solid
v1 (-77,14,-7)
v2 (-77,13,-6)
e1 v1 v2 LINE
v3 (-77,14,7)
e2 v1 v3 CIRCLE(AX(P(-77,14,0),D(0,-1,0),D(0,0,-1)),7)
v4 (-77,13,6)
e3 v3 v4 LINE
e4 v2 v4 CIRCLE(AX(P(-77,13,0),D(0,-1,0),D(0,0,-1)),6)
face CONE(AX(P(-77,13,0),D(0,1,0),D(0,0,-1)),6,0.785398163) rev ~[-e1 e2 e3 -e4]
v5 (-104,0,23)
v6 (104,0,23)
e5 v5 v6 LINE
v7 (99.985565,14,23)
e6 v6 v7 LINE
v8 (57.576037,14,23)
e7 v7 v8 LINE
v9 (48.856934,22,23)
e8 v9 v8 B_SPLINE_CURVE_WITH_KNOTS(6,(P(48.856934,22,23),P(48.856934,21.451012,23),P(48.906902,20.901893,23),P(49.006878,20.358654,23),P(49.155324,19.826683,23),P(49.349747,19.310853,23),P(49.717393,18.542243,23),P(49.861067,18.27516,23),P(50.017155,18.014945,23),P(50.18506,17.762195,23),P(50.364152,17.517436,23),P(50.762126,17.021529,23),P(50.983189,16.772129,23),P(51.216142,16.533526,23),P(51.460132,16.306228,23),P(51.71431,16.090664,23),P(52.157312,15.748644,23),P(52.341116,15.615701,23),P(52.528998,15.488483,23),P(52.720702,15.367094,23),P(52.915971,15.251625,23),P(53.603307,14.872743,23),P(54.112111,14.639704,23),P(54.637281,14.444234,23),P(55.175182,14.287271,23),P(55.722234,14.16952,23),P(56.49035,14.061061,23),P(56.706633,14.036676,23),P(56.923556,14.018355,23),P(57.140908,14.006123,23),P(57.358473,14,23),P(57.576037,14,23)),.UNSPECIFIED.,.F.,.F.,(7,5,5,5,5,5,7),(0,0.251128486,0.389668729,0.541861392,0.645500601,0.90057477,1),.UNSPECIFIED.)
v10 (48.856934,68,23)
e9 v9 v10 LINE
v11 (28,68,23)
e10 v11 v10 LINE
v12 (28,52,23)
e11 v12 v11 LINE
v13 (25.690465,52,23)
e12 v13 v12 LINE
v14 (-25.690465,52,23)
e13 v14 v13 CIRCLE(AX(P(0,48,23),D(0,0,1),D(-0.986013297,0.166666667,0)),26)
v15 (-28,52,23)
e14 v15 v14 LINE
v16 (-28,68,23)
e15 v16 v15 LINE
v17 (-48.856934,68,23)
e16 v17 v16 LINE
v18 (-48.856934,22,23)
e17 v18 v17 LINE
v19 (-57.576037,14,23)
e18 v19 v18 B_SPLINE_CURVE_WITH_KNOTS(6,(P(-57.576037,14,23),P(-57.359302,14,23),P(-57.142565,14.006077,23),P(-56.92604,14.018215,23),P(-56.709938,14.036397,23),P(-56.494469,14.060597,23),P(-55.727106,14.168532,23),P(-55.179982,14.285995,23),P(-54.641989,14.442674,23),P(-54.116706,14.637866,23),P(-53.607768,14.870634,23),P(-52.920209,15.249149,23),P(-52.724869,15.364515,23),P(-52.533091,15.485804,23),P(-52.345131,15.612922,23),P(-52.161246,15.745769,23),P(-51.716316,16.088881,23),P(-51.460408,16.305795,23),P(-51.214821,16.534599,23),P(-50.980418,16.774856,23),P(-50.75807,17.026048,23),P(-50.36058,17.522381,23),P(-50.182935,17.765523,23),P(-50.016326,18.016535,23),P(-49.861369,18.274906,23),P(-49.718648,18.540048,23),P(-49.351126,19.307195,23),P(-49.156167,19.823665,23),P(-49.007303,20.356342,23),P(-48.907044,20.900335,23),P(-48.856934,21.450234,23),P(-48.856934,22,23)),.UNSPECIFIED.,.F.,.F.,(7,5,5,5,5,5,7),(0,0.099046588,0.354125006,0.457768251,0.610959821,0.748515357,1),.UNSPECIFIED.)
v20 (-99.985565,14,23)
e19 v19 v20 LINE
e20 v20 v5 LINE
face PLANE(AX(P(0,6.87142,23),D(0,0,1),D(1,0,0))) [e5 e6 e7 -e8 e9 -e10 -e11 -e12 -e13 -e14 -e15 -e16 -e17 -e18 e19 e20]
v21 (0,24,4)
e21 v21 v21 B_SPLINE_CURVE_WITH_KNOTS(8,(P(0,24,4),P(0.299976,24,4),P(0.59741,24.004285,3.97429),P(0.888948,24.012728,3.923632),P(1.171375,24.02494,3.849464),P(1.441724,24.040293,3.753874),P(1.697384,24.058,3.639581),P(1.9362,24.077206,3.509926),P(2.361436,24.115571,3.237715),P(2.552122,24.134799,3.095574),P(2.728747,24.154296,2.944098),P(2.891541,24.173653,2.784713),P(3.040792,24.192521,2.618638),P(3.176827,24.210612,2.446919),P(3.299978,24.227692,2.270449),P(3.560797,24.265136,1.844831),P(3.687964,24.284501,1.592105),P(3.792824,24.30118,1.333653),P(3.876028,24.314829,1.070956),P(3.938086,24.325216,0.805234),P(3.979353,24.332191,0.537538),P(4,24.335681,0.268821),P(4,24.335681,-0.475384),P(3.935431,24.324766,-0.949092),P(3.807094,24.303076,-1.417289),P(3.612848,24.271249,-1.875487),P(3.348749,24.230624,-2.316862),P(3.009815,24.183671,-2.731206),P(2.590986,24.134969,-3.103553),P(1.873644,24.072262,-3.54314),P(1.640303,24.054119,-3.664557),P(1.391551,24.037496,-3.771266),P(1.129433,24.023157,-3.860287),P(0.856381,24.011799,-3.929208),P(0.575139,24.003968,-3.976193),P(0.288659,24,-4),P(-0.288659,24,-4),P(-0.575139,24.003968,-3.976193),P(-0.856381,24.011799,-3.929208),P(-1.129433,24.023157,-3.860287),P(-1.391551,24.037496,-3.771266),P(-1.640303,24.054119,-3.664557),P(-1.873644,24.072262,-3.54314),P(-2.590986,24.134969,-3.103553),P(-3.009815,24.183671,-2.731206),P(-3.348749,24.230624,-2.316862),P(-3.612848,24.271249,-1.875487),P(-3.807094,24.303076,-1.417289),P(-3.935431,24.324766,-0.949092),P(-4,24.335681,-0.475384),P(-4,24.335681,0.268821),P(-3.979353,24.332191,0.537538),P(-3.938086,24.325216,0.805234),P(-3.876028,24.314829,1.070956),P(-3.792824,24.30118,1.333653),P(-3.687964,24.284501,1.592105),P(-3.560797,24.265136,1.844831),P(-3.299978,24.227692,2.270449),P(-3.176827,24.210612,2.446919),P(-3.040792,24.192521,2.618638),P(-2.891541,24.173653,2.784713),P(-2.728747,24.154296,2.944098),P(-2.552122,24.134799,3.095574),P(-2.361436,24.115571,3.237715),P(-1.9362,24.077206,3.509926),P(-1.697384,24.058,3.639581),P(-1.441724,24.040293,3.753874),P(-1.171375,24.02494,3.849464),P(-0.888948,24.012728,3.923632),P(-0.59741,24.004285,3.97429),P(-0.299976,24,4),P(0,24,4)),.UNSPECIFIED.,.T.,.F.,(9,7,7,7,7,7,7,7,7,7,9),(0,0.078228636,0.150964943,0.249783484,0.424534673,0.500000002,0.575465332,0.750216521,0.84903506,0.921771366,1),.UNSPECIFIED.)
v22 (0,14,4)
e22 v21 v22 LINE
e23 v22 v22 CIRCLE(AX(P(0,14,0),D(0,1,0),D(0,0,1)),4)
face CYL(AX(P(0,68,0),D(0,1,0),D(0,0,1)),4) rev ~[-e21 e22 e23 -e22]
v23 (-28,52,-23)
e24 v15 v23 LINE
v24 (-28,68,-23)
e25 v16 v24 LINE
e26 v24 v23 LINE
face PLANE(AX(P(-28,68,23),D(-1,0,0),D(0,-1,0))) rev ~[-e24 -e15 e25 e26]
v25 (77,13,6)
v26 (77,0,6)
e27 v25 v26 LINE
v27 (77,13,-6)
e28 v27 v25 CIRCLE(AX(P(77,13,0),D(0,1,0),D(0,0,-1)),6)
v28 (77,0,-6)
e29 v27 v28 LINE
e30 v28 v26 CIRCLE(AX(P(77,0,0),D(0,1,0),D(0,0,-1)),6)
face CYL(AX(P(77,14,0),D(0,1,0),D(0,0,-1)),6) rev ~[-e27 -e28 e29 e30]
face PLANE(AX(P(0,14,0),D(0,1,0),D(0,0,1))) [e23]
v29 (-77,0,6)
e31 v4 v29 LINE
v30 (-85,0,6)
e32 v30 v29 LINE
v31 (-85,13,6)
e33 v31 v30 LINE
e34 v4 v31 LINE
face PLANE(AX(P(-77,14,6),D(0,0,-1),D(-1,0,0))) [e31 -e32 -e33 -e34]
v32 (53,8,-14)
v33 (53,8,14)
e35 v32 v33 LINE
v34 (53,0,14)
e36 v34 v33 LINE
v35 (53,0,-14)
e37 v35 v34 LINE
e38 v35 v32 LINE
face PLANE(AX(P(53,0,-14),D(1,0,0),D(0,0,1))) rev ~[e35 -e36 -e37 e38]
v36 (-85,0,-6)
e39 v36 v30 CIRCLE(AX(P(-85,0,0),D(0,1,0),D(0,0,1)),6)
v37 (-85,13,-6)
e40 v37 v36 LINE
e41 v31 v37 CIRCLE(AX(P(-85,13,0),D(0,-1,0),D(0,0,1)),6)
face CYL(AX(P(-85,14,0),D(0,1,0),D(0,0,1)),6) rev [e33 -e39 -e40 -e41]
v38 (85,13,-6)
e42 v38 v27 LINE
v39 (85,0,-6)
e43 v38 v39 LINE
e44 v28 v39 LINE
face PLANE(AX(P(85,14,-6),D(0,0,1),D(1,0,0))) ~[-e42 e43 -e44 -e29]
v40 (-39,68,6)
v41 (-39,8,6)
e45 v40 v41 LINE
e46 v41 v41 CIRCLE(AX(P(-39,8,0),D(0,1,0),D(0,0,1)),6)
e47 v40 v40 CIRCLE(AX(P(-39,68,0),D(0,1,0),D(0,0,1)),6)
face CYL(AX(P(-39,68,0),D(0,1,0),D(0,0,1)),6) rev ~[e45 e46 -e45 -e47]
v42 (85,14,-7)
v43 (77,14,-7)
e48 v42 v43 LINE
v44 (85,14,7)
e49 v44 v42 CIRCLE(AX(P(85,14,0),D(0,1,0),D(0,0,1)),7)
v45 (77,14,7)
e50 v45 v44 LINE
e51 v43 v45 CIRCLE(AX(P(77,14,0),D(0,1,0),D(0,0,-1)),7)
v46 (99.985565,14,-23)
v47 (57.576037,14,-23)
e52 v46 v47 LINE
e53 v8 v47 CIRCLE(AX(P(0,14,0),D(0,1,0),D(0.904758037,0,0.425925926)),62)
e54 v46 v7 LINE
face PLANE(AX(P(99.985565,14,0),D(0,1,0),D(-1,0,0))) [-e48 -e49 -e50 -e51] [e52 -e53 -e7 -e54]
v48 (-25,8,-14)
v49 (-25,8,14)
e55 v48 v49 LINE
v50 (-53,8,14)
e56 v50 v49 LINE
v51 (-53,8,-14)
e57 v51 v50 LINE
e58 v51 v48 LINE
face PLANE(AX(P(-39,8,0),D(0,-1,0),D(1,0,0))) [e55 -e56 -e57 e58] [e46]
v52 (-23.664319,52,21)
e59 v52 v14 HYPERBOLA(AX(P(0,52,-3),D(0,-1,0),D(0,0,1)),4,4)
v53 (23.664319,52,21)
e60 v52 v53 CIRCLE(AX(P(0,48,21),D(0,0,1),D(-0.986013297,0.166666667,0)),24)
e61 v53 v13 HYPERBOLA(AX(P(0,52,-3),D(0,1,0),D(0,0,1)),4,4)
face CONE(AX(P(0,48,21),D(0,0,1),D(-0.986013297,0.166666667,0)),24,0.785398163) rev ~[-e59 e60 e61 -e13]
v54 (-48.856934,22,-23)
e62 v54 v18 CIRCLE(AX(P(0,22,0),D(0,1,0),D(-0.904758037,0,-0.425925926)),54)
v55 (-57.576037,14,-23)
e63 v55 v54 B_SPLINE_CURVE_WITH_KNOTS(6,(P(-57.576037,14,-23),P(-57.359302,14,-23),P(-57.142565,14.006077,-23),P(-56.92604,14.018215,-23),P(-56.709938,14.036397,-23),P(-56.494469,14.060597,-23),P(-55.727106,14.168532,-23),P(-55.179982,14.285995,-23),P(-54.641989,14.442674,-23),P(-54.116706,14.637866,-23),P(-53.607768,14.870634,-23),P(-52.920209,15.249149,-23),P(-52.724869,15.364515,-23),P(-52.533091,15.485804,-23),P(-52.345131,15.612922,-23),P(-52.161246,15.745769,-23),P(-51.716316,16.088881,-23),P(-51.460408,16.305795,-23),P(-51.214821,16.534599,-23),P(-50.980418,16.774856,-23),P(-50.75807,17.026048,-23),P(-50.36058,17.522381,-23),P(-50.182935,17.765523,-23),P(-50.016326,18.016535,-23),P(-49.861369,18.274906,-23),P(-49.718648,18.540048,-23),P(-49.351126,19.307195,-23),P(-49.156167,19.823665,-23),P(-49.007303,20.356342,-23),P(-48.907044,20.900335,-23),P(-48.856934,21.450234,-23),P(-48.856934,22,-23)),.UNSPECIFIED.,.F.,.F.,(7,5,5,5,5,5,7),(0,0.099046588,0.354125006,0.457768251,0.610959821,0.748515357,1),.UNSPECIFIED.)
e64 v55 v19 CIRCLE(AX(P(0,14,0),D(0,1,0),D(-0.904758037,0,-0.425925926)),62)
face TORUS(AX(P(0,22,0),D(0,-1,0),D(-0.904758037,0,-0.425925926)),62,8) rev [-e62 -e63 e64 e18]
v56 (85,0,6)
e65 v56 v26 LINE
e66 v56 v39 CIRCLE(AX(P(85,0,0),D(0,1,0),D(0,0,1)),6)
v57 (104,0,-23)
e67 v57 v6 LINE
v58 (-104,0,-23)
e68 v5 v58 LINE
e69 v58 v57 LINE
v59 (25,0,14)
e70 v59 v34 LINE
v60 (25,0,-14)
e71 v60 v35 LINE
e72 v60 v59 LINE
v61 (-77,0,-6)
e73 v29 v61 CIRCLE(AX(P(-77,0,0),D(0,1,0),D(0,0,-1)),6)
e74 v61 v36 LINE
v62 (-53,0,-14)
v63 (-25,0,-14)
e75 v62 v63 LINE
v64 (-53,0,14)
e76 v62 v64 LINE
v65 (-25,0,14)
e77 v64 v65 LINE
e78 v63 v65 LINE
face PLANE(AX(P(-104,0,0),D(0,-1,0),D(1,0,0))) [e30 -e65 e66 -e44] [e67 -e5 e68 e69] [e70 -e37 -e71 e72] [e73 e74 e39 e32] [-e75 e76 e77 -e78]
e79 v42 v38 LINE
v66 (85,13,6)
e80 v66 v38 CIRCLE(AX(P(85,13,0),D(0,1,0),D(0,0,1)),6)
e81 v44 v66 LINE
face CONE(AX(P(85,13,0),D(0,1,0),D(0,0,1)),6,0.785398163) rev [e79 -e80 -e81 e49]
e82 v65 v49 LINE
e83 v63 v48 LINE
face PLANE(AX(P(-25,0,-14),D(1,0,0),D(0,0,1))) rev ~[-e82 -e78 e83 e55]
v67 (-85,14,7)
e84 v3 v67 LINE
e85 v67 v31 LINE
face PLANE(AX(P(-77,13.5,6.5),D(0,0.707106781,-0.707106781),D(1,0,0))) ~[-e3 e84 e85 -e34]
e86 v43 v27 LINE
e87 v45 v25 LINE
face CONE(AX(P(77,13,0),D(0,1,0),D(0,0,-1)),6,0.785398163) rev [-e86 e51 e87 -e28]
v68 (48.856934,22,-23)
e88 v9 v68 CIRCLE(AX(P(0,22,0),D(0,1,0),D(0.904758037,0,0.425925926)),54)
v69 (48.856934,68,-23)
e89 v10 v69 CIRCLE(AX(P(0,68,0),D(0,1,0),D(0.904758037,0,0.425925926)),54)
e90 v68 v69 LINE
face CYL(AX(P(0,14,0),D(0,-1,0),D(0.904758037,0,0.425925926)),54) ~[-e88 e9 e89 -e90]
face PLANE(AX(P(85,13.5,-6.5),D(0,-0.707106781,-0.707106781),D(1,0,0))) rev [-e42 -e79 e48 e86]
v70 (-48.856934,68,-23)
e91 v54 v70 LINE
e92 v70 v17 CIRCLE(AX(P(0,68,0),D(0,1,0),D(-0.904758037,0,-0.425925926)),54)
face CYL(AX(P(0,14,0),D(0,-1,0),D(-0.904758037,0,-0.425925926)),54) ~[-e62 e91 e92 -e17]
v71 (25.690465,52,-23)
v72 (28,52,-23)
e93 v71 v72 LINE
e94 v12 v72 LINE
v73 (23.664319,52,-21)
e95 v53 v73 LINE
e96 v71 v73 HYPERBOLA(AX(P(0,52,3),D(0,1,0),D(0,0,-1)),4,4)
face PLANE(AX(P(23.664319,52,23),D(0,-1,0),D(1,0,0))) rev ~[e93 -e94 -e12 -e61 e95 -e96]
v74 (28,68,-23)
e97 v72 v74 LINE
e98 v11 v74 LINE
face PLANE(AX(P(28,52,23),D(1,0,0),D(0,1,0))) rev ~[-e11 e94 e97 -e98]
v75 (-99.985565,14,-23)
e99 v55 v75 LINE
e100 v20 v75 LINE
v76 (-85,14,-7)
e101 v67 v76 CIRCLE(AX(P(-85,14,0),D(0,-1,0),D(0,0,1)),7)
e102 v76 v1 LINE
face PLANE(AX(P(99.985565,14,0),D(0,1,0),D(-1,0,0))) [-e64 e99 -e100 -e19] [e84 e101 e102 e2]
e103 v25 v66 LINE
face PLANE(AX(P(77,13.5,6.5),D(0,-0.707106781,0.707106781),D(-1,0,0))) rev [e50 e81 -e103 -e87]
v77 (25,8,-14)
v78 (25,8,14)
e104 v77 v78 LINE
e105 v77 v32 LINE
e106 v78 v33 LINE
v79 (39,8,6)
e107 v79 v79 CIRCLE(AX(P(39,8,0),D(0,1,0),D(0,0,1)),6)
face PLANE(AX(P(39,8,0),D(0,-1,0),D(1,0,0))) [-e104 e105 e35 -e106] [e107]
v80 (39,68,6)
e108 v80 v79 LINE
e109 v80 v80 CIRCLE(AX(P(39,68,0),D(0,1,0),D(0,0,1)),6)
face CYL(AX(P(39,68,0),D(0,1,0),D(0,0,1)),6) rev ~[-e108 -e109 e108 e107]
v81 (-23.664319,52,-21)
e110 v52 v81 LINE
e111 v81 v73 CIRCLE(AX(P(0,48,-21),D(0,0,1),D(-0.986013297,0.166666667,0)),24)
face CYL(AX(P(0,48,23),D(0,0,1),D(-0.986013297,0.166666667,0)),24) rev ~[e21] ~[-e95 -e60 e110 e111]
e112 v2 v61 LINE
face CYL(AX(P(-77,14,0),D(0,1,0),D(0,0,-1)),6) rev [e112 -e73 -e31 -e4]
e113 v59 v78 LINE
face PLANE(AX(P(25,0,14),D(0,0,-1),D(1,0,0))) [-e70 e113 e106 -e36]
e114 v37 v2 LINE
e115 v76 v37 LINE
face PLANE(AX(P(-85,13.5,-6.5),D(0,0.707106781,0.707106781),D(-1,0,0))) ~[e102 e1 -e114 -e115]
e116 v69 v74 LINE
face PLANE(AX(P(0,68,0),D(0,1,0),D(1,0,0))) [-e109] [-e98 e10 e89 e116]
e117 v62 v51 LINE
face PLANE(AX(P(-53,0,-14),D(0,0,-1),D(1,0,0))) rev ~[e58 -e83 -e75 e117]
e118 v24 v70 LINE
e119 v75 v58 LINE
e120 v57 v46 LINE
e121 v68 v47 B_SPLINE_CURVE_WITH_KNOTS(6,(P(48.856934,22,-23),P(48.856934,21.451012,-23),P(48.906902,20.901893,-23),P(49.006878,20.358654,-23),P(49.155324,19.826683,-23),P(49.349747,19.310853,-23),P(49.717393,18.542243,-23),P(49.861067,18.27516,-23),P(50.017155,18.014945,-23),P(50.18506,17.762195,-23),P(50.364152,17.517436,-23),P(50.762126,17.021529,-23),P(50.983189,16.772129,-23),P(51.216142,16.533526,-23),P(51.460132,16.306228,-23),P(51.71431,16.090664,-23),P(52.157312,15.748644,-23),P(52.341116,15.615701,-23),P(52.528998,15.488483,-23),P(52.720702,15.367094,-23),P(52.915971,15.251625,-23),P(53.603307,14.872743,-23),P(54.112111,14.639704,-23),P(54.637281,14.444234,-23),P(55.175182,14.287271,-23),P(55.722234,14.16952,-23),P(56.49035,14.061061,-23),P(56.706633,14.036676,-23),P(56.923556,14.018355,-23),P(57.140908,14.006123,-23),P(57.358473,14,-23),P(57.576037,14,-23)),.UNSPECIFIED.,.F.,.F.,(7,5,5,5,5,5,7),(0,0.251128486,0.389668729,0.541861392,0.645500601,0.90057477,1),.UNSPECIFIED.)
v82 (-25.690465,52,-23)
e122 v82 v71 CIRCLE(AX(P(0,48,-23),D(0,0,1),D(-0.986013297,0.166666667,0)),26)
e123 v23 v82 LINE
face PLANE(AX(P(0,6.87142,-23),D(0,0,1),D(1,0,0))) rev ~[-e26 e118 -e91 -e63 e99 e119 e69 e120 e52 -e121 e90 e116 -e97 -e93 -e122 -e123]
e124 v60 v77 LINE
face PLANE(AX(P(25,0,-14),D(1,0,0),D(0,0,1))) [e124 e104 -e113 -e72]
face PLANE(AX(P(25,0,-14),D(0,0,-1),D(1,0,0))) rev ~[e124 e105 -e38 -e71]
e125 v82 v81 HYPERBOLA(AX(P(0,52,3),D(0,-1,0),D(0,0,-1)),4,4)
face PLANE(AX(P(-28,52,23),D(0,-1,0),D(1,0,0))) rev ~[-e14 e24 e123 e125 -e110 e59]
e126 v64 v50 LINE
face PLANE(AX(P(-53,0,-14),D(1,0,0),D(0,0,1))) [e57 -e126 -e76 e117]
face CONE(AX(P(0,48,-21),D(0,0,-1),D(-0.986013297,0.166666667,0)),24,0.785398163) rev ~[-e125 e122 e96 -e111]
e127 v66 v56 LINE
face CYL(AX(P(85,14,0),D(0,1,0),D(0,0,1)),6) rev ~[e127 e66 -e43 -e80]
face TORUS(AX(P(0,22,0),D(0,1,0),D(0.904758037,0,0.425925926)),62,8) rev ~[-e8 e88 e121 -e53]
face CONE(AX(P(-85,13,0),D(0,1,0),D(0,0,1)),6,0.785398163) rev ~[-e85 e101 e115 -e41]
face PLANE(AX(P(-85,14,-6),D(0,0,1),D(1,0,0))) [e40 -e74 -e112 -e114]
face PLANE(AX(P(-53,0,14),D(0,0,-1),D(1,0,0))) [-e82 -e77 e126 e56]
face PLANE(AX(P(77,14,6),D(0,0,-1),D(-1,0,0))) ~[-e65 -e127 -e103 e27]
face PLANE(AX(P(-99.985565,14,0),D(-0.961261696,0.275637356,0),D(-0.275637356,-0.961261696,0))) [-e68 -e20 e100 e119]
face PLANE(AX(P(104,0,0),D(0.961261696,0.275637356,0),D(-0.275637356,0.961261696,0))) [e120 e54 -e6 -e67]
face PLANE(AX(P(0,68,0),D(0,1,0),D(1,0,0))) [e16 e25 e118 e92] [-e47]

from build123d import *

# Parameters (mm, degrees)
BOSS_EXTRUDE1_DEPTH = 23
BOSS_EXTRUDE2_DEPTH = 54
CUT_EXTRUDE1_DEPTH  = 47
SKETCH4_R           = 6
CUT_EXTRUDE2_DEPTH  = 69
SKETCH5_W           = 28
SKETCH5_H           = 28
CUT_EXTRUDE3_DEPTH  = 8
CUT_EXTRUDE4_DEPTH  = 15
SKETCH7_R           = 4
CUT_EXTRUDE5_DEPTH  = 54
FILLET1_R           = 8
CHAMFER1_SIZE       = 2
CHAMFER2_SIZE       = 1


with BuildPart() as part:
    # Sketch1 → Boss-Extrude1 (new body, symmetric)
    with BuildSketch(Plane.XY):
        Polygon((-104, 0), (104, 0), (99.985564599, 14), (-99.985564599, 14), align=None)
    extrude(amount=BOSS_EXTRUDE1_DEPTH, both=True)

    # Sketch2 → Boss-Extrude2 (add)
    with BuildSketch(Plane(origin=(0, 14, 0), x_dir=(1, 0, 0), z_dir=(0, 1, 0))):
        with BuildLine():
            Line((48.856934001, 23), (-48.856934001, 23))
            ThreePointArc((-48.856934001, 23), (-54, 0), (-48.856934001, -23))
            Line((-48.856934001, -23), (48.856934001, -23))
            ThreePointArc((48.856934001, -23), (54, 0), (48.856934001, 23))
        make_face()
    extrude(amount=BOSS_EXTRUDE2_DEPTH)

    # Sketch3 → Cut-Extrude1 (cut, through all)
    with BuildSketch(Plane.XY.offset(23)):
        with BuildLine():
            Line((-28, 68), (-28, 52))
            Line((-28, 52), (-23.664319132, 52))
            ThreePointArc((-23.664319132, 52), (0, 24), (23.664319132, 52))
            Line((23.664319132, 52), (28, 52))
            Line((28, 52), (28, 68))
            Line((28, 68), (-28, 68))
        make_face()
    extrude(amount=-CUT_EXTRUDE1_DEPTH, mode=Mode.SUBTRACT)

    # Sketch4 → Cut-Extrude2 (cut, through all)
    with BuildSketch(Plane(origin=(0, 68, 0), x_dir=(1, 0, 0), z_dir=(0, 1, 0))):
        with Locations(Location((-39, 0, 0), (0, 0, 270))):  # turned: the seam where the file's is
            Circle(SKETCH4_R)
        with Locations(Location((39, 0, 0), (0, 0, 270))):  # turned: the seam where the file's is
            Circle(SKETCH4_R)
    extrude(amount=-CUT_EXTRUDE2_DEPTH, mode=Mode.SUBTRACT)

    # Sketch5 → Cut-Extrude3 (cut)
    with BuildSketch(Plane.XZ):
        with Locations((-39, 0)):
            Rectangle(SKETCH5_W, SKETCH5_H)
        with Locations((39, 0)):
            Rectangle(SKETCH5_W, SKETCH5_H)
    extrude(amount=-CUT_EXTRUDE3_DEPTH, mode=Mode.SUBTRACT)

    # Sketch6 → Cut-Extrude4 (cut, through all)
    with BuildSketch(Plane(origin=(0, 14, 0), x_dir=(1, 0, 0), z_dir=(0, 1, 0))):
        with BuildLine():
            Line((-85, 6), (-77, 6))
            ThreePointArc((-77, 6), (-71, 0), (-77, -6))
            Line((-77, -6), (-85, -6))
            ThreePointArc((-85, -6), (-91, 0), (-85, 6))
        make_face()
    cut_extrude4 = extrude(amount=-CUT_EXTRUDE4_DEPTH, mode=Mode.SUBTRACT)

    # Mirror1: Cut-Extrude4 across plane
    add(cut_extrude4.mirror(Plane(origin=(0, 0, 0), x_dir=(0, 0, 1), z_dir=(1, 0, 0))), mode=Mode.SUBTRACT)

    # Sketch7 → Cut-Extrude5 (cut)
    with BuildSketch(Plane(origin=(0, 68, 0), x_dir=(1, 0, 0), z_dir=(0, 1, 0))):
        with Locations(Location((0, 0, 0), (0, 0, 270))):  # turned: the seam where the file's is
            Circle(SKETCH7_R)
    extrude(amount=-CUT_EXTRUDE5_DEPTH, mode=Mode.SUBTRACT)

    # Fillet1
    fillet1_edges = [part.edges().sort_by_distance(p)[0] for p in [
        (54, 14, 0),
        (-54, 14, 0),
    ]]
    fillet(fillet1_edges, radius=FILLET1_R)

    # Chamfer1
    chamfer1_edges = [part.edges().sort_by_distance(p)[0] for p in [
        (0, 24, -23),
        (0, 24, 23),
    ]]
    chamfer(chamfer1_edges, length=CHAMFER1_SIZE)

    # Chamfer2
    chamfer2_edges = [part.edges().sort_by_distance(p)[0] for p in [
        (91, 14, 0),
        (81, 14, 6),
        (71, 14, 0),
        (81, 14, -6),
        (-91, 14, 0),
        (-81, 14, 6),
        (-71, 14, 0),
        (-81, 14, -6),
    ]]
    chamfer(chamfer2_edges, length=CHAMFER2_SIZE)


solid = part.part
